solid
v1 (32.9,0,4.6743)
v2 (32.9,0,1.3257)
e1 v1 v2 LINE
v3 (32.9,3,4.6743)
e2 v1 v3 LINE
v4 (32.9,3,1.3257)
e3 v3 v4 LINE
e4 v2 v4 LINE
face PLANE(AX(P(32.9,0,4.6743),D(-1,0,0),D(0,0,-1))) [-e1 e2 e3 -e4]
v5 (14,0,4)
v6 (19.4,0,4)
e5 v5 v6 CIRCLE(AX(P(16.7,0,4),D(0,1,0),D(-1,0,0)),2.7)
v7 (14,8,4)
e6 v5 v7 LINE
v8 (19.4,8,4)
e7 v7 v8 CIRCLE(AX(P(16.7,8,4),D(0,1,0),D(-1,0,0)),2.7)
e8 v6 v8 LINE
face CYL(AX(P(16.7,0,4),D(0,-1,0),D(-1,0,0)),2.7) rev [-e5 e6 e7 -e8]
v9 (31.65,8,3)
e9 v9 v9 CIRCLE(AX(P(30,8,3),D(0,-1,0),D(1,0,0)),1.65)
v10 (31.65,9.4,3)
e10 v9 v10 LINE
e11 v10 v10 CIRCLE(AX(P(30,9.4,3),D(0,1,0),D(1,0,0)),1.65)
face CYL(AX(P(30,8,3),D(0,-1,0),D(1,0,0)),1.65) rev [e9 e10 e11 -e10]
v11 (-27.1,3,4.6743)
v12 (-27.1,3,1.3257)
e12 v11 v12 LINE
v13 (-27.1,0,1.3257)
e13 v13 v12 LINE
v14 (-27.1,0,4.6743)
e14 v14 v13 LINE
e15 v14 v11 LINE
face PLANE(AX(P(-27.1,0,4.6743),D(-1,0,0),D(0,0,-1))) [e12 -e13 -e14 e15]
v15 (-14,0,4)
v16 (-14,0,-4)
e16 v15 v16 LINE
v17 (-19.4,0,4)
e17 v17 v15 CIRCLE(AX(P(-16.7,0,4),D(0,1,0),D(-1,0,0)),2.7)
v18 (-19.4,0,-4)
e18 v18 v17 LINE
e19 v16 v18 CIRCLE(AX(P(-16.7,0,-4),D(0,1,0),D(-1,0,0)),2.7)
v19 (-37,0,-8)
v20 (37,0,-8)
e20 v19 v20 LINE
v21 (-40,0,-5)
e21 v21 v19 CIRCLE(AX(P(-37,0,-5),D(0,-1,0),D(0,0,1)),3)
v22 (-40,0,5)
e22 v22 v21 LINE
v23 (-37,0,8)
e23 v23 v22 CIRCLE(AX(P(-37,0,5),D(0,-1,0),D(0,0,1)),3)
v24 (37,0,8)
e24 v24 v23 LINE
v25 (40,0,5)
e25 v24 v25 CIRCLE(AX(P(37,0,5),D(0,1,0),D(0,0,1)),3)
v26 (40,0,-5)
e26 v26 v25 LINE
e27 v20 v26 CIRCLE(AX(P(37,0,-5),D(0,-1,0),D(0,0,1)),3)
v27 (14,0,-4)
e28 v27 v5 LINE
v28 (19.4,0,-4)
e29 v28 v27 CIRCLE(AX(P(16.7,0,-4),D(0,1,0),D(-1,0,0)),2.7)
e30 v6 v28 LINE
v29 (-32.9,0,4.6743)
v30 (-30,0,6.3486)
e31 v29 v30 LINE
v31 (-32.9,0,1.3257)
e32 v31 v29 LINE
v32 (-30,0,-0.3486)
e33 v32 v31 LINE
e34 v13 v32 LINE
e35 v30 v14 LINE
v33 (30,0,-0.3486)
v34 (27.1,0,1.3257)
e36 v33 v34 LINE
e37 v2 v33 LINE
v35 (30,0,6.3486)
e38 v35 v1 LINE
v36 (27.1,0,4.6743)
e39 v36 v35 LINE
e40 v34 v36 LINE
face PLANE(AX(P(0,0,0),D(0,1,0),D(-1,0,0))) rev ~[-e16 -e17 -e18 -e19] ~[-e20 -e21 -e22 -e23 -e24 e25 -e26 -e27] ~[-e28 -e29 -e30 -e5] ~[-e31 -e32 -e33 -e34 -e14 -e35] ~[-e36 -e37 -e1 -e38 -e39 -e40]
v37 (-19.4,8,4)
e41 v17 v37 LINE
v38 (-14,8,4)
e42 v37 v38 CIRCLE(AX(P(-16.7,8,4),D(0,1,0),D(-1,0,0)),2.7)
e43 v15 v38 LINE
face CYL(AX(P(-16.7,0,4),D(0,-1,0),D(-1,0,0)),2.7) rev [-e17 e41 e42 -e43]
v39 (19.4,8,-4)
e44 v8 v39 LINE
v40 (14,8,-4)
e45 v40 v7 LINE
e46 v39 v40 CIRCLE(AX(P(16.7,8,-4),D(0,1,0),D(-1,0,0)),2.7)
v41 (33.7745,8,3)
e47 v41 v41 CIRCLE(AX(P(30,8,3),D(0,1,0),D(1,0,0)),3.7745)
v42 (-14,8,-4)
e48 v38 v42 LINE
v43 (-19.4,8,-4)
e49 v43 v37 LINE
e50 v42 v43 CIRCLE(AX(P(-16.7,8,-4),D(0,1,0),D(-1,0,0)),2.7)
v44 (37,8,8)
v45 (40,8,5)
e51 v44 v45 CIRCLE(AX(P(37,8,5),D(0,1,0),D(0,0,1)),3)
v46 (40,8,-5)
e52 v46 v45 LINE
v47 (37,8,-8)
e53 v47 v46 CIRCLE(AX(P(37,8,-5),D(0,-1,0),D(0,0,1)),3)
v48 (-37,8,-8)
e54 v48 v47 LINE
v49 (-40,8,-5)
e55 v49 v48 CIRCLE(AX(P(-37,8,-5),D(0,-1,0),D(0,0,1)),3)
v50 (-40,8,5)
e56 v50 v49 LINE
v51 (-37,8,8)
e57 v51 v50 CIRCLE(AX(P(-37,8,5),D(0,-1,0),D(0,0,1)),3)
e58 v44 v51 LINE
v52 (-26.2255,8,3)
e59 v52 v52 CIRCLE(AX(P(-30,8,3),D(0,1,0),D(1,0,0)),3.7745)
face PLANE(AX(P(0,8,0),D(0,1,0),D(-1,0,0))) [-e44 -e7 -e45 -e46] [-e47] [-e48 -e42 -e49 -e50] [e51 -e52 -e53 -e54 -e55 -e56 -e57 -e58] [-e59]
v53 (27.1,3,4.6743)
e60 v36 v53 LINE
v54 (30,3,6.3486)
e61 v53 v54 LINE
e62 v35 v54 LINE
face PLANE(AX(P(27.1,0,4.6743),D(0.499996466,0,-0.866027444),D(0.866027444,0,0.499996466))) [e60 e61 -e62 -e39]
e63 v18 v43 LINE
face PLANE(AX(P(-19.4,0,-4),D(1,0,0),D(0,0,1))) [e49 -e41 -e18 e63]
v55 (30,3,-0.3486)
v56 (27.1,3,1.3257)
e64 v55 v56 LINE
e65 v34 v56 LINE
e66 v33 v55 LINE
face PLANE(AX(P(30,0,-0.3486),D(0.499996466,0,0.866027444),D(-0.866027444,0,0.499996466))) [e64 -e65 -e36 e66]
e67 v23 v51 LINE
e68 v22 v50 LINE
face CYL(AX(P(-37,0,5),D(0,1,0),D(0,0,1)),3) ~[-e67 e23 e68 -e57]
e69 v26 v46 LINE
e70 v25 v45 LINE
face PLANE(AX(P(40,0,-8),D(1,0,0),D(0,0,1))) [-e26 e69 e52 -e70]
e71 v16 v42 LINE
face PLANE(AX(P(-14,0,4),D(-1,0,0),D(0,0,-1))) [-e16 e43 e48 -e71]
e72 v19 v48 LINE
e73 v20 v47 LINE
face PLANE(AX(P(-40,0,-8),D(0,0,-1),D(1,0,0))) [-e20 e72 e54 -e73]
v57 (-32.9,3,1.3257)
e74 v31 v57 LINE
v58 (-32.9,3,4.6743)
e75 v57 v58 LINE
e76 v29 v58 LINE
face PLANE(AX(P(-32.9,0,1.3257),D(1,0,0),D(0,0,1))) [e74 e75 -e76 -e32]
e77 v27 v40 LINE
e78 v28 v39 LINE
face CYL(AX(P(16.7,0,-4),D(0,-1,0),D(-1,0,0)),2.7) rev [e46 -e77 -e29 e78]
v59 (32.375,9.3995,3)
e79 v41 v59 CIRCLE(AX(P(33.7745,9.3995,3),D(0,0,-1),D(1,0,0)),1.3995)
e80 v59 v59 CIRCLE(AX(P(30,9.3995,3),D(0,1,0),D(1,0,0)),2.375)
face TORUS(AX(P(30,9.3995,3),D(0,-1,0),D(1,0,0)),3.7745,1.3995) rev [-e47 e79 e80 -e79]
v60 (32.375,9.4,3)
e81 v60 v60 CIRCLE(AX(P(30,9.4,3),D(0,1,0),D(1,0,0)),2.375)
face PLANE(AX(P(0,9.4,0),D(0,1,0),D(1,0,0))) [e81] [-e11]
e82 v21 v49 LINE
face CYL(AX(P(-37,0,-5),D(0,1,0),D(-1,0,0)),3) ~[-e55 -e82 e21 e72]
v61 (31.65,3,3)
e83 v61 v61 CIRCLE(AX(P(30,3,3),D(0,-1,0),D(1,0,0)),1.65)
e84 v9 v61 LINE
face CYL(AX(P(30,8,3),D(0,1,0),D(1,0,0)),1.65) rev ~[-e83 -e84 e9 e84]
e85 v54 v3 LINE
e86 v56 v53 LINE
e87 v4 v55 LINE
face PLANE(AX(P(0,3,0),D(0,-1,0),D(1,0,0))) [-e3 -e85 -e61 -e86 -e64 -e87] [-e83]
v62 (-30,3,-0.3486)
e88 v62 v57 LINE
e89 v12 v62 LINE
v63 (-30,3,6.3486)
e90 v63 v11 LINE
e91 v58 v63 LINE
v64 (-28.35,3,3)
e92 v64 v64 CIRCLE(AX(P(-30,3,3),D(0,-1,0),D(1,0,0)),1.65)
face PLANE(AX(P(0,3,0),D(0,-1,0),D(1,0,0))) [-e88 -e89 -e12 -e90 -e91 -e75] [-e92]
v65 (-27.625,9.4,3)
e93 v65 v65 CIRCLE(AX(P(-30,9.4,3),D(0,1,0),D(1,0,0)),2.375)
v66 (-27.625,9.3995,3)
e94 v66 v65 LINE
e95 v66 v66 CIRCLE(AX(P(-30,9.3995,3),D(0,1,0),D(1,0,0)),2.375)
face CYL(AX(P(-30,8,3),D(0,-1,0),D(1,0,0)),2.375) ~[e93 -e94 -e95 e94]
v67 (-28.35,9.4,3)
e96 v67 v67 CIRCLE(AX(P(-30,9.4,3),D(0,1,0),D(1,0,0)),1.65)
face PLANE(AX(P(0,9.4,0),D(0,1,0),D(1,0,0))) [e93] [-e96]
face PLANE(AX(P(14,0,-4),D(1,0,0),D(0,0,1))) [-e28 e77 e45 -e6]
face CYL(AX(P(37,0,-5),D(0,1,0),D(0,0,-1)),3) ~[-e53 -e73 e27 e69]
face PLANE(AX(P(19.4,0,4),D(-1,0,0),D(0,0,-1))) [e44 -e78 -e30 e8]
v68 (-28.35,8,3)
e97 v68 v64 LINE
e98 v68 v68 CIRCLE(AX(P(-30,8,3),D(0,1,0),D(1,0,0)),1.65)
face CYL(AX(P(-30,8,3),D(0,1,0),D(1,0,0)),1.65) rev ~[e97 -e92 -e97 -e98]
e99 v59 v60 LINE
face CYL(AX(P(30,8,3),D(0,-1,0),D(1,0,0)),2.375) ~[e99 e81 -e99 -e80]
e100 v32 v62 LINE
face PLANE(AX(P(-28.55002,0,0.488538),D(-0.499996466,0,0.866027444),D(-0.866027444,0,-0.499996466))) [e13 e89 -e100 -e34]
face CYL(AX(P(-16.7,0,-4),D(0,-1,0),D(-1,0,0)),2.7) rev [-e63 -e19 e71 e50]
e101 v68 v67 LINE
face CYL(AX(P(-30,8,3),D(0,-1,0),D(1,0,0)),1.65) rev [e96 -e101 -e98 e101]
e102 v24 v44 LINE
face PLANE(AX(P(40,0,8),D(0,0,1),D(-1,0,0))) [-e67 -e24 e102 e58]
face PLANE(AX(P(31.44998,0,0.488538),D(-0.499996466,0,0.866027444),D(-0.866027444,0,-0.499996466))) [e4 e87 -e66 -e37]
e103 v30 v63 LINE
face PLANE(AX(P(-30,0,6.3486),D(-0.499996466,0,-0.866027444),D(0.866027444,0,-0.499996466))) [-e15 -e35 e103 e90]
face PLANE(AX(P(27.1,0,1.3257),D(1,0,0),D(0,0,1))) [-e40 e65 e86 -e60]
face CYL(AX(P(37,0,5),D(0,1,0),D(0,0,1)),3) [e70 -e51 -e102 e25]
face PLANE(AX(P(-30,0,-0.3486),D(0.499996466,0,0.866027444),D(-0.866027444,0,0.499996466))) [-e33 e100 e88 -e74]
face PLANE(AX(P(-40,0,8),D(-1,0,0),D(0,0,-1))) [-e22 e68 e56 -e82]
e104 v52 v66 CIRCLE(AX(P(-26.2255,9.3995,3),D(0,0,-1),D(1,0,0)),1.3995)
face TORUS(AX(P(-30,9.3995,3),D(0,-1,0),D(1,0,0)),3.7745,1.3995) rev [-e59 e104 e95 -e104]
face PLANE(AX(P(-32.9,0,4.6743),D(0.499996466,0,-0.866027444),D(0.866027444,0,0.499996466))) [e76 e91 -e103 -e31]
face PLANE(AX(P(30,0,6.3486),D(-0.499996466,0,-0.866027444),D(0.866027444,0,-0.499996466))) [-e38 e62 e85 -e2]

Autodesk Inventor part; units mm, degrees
ref_plane "YZ Plane" through (0, 0, 0) normal (1, 0, 0) x (0, 1, 0)
ref_plane "XZ Plane" through (0, 0, 0) normal (0, 1, 0) x (-1, 0, 0)
ref_plane "XY Plane" through (0, 0, 0) normal (0, 0, 1) x (1, 0, 0)
sketch "Boceto1" plane through (0, 0, 0) normal (0, 1, 0) x (-1, 0, 0)
  line L0 (-40, 8) -> (40, 8)
  line L1 (40, 8) -> (40, -8)
  line L2 (40, -8) -> (-40, -8)
  line L3 (-40, -8) -> (-40, 8)
  line L4 (-40, 8) -> (40, -8) construction
  line L5 (40, 8) -> (-40, -8) construction
  circle A0 centre (-16.7, 4) radius 2.7
  circle A1 centre (-16.7, -4) radius 2.7
  circle A2 centre (16.7, 4) radius 2.7
  circle A3 centre (16.7, -4) radius 2.7
  line L6 (19.4, 4) -> (14, 4)
  line L7 (14, 4) -> (14, -4)
  line L8 (14, -4) -> (19.4, -4)
  line L9 (19.4, -4) -> (19.4, 4)
  line L10 (-14, 4) -> (-19.4, 4)
  line L11 (-19.4, 4) -> (-19.4, -4)
  line L12 (-19.4, -4) -> (-14, -4)
  line L13 (-14, -4) -> (-14, 4)
  point P0 (0, 0)
  point P1 (16.7, -4)
  point P2 (16.7, 4)
  point P3 (-16.7, -4)
  point P4 (-16.7, 4)
  point P5 (19.4, -4)
  point P6 (-14, -4)
  point P7 (-19.4, -4)
  point P8 (-19.4, 4)
  dimension "d2" = 5.4
  dimension "d0" = 80
  dimension "d1" = 16
  dimension "d3" = 4
  dimension "d4" = 8
  dimension "d5" = 23.3
  dimension "d35" = 23.3
extrude "Extrusión1" add sketch "Boceto1" along normal blind 8
fillet "Empalme2" radius 3 4 edges at (-40, 4, 8) (-40, 4, -8) (40, 4, 8) (40, 4, -8)
sketch "Boceto6" plane through (0, 8, 0) normal (0, 1, 0) x (1, 0, 0)
  circle A0 centre (-30, -3) radius 1.65
  circle A1 centre (30, -3) radius 1.65
  line L0 (37, 8) -> (-37, 8) projected
  line L1 (30, -3) -> (-30, -3)
  line L2 (-37, -8) -> (37, -8) projected
  point P0 (0, 0)
  dimension "d27" = 3.3
  dimension "d48" = 11
  dimension "d51" = 60
  dimension "d52" = 30
extrude "Extrusión6" cut sketch "Boceto6" against normal through all
sketch "Boceto11" plane through (0, 0, 0) normal (0, -1, 0) x (1, 0, 0)
  circle A0 centre (-30, 3) radius 1.65 projected
  circle A1 centre (-30, 3) radius 2.9
  circle A2 centre (30, 3) radius 1.65 projected
  circle A3 centre (30, 3) radius 2.9
  line L0 (-32.9, 4.6743) -> (-30, 6.3486)
  line L1 (-30, 6.3486) -> (-27.1, 4.6743)
  line L2 (-27.1, 4.6743) -> (-27.1, 1.3257)
  line L3 (-27.1, 1.3257) -> (-30, -0.3486)
  line L4 (-30, -0.3486) -> (-32.9, 1.3257)
  line L5 (-32.9, 1.3257) -> (-32.9, 4.6743)
  line L6 (30, -0.3486) -> (27.1, 1.3257)
  line L7 (27.1, 1.3257) -> (27.1, 4.6743)
  line L8 (27.1, 4.6743) -> (30, 6.3486)
  line L9 (30, 6.3486) -> (32.9, 4.6743)
  line L10 (32.9, 4.6743) -> (32.9, 1.3257)
  line L11 (32.9, 1.3257) -> (30, -0.3486)
  point P0 (0, 0)
  dimension "d45" = 5.8
extrude "Extrusión10" cut sketch "Boceto11" against normal blind 3 contours A0 | A1 | L2 L3 A1 | A1 L1 L2 | A1 L0 L1 | L3 L4 A1 | A1 L5 L0 | L4 L5 A1 | A2 | A3 | L10 L11 A3 | A3 L9 L10 | A3 L8 L9 | L11 L6 A3 | A3 L7 L8 | L6 L7 A3
sketch "Boceto12" plane through (0, 8, 0) normal (0, 1, 0) x (1, 0, 0)
  circle A0 centre (-30, -3) radius 1.65 projected
  circle A1 centre (-30, -3) radius 2.375
  circle A2 centre (30, -3) radius 1.65 projected
  circle A3 centre (30, -3) radius 2.375
  point P0 (0, 0)
  dimension "d53" = 4.75
  dimension "d54" = 4.75
extrude "Extrusión11" add sketch "Boceto12" along normal blind 1.4
fillet "Empalme3" radius 1.4 2 edges at (-32.375, 8, 3) (27.625, 8, 3)
sketch "Boceto5" plane through (0, 0, 0) normal (0, -1, 0) x (1, 0, 0)
  circle A0 centre (-30, -4.1) radius 1.7 projected
  circle A1 centre (-30, -4.1) radius 2.875
  circle A2 centre (20, -4.1) radius 1.7 projected
  circle A3 centre (20, -4.1) radius 2.875
  line L0 (-33.3198, -4.1) -> (-31.6599, -1.225)
  line L1 (-31.6599, -1.225) -> (-28.3401, -1.225)
  line L2 (-28.3401, -1.225) -> (-26.6802, -4.1)
  line L3 (-26.6802, -4.1) -> (-28.3401, -6.975)
  line L4 (-28.3401, -6.975) -> (-31.6599, -6.975)
  line L5 (-31.6599, -6.975) -> (-33.3198, -4.1)
  line L6 (16.6802, -4.1) -> (18.3401, -1.225)
  line L7 (18.3401, -1.225) -> (21.6599, -1.225)
  line L8 (21.6599, -1.225) -> (23.3198, -4.1)
  line L9 (23.3198, -4.1) -> (21.6599, -6.975)
  line L10 (21.6599, -6.975) -> (18.3401, -6.975)
  line L11 (18.3401, -6.975) -> (16.6802, -4.1)
  point P0 (0, 0)
  dimension "d24" = 5.75
properties part number "Rack support"
